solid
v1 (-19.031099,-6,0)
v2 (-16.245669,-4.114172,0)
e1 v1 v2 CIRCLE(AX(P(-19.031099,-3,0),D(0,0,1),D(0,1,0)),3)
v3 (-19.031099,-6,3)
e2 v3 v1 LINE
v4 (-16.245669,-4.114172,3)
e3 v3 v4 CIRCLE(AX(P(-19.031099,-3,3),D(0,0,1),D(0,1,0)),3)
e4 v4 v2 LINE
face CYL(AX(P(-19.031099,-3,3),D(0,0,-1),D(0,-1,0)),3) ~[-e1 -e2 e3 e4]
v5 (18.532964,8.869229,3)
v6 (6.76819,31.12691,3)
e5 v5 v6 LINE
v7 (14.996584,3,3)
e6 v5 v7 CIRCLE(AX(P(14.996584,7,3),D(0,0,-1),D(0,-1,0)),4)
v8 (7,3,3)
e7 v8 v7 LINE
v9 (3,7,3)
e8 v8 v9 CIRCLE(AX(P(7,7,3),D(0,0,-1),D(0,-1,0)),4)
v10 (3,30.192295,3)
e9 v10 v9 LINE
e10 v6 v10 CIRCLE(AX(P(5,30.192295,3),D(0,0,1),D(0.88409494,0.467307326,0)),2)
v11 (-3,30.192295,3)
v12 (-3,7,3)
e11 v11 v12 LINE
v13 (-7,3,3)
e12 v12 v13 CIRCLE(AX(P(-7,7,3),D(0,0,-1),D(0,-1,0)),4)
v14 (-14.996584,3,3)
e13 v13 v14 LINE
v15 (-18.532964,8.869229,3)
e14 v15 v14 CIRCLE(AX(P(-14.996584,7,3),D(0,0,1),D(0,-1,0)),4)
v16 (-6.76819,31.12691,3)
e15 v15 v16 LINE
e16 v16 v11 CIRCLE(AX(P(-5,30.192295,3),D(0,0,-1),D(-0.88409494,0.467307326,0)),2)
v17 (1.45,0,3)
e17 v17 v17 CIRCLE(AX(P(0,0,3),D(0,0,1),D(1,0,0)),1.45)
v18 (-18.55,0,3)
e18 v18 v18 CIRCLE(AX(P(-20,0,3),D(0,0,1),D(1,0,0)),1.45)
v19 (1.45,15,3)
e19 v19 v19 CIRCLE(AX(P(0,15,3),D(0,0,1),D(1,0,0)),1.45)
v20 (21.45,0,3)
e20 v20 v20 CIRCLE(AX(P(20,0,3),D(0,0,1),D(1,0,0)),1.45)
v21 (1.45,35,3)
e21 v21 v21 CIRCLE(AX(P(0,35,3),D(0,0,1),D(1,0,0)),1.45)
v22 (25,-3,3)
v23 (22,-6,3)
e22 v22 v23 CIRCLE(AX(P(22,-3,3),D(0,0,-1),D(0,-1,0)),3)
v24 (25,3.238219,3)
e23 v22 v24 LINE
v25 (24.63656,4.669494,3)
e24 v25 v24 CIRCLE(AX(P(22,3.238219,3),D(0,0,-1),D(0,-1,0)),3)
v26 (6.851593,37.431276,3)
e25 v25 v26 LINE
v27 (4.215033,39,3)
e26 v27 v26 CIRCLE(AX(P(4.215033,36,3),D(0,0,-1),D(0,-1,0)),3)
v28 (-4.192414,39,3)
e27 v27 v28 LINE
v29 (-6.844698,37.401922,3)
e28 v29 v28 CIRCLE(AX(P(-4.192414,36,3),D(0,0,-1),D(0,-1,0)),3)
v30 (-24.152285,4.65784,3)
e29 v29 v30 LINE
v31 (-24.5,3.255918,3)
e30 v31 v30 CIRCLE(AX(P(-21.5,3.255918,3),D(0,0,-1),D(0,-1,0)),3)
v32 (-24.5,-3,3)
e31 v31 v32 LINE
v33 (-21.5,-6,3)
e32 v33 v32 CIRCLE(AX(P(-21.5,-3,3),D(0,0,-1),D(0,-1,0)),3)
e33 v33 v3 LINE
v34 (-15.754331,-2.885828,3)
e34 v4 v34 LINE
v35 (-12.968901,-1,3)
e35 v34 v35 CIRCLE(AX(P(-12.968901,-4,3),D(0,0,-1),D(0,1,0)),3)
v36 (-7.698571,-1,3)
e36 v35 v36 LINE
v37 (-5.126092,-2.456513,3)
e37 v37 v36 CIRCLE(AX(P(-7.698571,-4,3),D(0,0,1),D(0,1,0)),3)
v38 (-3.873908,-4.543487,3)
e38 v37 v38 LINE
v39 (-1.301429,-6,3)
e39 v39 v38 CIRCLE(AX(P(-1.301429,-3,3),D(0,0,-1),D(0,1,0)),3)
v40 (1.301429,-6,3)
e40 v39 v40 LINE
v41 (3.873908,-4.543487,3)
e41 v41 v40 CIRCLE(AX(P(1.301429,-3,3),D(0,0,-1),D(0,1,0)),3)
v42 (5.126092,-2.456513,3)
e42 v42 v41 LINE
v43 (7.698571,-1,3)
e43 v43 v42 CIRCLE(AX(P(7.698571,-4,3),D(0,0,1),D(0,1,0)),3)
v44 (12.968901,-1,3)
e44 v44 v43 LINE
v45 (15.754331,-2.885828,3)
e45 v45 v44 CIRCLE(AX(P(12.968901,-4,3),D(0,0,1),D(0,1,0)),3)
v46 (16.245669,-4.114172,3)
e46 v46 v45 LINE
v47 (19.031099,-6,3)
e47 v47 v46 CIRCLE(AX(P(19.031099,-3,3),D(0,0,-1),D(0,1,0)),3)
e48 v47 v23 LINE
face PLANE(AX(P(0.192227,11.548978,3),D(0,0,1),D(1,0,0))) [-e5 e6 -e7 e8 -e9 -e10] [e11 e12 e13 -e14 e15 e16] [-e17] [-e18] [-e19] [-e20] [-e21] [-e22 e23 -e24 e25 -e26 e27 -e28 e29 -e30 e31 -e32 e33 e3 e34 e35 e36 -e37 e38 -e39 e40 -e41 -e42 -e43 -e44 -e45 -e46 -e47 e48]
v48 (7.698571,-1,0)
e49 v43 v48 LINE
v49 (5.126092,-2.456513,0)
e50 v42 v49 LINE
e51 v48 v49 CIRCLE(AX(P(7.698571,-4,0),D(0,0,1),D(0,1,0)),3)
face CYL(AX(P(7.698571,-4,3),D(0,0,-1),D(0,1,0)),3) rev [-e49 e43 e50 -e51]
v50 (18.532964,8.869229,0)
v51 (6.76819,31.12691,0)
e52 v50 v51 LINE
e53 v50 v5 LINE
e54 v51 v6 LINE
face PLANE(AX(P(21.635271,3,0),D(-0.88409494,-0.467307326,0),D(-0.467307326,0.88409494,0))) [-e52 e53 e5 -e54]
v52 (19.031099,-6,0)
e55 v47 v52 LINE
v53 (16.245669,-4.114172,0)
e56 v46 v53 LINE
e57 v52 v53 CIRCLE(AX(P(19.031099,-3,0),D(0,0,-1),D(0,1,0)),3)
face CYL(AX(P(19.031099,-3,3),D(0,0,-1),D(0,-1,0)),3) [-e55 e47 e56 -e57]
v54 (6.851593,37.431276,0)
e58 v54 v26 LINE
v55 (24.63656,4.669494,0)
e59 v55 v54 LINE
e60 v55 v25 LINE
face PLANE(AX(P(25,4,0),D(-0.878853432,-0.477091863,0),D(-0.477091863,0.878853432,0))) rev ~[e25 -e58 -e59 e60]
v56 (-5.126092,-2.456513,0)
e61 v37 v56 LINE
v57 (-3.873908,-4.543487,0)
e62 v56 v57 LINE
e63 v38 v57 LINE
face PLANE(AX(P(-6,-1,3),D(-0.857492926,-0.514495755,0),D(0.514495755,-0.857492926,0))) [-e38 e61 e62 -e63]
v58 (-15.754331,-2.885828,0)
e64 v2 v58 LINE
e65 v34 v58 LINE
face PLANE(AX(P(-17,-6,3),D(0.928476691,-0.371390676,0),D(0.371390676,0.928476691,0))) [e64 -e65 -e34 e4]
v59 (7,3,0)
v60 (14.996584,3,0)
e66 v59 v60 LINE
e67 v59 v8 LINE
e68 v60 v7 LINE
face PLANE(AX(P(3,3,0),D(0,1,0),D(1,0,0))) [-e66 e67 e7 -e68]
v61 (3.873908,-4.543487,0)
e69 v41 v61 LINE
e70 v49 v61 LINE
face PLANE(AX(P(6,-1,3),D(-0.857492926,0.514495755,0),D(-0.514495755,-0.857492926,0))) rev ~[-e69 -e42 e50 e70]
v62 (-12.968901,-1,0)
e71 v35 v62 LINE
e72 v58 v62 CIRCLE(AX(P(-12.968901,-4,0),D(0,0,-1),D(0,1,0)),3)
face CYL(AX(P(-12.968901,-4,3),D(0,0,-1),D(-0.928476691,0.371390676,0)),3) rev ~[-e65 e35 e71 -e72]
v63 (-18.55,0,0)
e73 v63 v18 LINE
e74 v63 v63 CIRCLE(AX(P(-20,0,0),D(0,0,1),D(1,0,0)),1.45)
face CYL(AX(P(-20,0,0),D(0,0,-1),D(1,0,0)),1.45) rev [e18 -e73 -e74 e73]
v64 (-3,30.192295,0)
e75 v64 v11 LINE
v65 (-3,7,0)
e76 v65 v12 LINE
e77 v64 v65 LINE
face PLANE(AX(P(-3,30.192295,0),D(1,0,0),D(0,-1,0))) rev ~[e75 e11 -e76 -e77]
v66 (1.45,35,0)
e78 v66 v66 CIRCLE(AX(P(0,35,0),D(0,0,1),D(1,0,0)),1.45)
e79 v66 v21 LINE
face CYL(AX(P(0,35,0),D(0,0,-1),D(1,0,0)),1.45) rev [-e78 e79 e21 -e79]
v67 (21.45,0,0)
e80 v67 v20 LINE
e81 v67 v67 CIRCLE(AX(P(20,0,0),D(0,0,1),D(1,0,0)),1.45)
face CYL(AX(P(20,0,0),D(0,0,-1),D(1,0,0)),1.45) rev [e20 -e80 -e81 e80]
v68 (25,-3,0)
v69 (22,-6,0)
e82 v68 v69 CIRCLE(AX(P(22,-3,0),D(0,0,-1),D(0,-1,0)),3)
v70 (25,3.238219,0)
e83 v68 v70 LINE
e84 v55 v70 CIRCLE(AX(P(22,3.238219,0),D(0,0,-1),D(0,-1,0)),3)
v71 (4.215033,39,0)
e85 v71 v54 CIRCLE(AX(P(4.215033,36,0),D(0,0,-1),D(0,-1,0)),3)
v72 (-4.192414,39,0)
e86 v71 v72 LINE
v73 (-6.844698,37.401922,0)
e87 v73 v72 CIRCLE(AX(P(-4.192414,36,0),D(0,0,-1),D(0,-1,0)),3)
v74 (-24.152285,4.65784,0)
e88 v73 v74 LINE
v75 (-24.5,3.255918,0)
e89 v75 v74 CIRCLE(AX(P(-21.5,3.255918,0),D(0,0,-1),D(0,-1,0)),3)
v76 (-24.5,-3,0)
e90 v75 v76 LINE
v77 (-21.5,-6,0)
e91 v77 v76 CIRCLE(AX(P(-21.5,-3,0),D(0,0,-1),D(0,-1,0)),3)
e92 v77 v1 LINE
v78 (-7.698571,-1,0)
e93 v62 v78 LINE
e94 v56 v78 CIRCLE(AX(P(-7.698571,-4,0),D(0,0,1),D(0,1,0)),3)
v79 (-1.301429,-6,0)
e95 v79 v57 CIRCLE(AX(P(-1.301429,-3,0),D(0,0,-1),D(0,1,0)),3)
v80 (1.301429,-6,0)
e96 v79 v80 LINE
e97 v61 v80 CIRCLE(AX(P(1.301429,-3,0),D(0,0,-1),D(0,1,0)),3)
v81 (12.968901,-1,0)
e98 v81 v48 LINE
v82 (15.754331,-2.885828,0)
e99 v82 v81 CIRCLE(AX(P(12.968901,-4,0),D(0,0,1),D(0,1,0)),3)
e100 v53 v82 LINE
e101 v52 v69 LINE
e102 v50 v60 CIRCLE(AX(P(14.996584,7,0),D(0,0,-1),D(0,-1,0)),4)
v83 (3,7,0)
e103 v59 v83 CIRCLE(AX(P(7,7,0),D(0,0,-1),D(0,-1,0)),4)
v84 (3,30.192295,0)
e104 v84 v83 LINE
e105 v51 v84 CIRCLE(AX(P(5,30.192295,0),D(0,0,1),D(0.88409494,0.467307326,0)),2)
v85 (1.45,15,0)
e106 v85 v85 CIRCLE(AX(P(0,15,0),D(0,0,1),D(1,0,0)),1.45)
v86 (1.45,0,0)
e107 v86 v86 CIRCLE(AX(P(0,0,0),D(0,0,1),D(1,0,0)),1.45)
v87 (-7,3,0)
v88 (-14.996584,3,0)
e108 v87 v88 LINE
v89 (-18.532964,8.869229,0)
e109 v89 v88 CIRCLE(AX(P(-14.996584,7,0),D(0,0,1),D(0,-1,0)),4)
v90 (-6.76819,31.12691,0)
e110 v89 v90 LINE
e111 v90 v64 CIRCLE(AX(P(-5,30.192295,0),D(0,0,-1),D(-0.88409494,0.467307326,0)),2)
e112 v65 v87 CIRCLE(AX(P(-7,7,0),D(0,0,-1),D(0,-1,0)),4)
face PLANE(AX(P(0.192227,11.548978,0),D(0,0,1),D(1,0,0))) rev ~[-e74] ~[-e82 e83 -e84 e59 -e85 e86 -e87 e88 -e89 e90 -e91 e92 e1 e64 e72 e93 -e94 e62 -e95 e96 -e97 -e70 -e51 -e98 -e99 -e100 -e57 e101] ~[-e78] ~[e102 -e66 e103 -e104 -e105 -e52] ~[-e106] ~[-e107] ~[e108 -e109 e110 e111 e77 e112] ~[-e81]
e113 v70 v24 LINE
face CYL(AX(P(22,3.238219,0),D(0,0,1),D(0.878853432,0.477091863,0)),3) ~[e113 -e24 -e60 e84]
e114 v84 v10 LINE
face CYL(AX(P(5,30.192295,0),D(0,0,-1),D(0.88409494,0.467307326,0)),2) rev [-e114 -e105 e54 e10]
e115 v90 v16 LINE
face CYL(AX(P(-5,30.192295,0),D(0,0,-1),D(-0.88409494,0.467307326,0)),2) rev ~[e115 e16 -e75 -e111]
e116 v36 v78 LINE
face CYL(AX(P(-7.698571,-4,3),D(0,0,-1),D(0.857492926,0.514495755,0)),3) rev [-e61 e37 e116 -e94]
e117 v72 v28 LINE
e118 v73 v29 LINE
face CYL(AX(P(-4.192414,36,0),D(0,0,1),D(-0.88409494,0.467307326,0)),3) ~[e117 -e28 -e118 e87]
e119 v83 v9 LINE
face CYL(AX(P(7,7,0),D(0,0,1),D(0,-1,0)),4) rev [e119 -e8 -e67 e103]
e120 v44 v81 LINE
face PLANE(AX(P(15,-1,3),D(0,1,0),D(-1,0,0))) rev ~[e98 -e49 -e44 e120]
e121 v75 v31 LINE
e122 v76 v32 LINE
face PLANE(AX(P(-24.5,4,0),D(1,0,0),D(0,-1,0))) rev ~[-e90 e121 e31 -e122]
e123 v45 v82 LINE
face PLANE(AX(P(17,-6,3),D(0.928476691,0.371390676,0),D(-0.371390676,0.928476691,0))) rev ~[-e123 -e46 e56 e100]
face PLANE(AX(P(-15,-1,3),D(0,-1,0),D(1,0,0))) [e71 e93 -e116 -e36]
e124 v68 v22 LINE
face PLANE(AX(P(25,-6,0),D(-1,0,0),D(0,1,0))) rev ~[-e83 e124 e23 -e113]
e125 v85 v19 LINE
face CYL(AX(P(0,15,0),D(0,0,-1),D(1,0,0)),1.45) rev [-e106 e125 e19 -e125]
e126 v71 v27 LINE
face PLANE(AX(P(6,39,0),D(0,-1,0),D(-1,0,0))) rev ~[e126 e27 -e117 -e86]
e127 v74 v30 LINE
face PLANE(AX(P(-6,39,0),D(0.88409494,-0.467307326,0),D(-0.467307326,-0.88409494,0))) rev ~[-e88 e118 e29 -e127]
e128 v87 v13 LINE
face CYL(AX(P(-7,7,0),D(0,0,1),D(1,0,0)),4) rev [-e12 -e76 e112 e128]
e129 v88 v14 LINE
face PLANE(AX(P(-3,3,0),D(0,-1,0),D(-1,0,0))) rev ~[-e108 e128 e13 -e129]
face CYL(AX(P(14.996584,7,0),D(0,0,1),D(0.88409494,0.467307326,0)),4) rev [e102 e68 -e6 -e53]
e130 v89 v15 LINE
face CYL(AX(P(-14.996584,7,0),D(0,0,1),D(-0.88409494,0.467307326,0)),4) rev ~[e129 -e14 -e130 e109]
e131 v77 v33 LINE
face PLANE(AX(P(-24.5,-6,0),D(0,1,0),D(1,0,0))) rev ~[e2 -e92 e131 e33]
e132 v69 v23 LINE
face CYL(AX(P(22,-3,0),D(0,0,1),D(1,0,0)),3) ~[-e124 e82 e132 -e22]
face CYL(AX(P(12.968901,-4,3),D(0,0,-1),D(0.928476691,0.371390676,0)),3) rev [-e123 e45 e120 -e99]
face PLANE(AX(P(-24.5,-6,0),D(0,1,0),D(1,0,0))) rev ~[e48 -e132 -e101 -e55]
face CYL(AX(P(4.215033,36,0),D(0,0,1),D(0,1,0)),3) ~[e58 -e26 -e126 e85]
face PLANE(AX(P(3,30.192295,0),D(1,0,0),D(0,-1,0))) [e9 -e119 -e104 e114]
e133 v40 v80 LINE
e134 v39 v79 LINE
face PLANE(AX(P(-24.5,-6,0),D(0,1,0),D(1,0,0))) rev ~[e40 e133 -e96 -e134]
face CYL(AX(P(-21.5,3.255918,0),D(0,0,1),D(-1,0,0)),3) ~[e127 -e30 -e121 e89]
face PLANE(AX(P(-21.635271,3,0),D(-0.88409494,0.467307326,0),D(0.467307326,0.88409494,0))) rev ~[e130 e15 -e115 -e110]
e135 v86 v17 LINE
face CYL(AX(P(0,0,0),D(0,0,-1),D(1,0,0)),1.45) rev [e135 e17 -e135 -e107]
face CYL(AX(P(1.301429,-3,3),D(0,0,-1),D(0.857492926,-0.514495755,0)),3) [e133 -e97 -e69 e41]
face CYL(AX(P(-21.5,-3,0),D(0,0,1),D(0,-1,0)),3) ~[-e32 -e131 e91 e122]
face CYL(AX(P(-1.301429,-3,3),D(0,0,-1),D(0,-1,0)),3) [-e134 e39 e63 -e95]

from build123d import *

# Parameters (mm, degrees)
SKETCH_1_R          = 1.45
EXTRUDE_1_DEPTH     = 3
CUT_EXTRUDE_1_DEPTH = 3
FILLET_1_R          = 3
FILLET_2_R          = 4


with BuildPart() as part:
    # 草图1 → 凸台-拉伸1 (new body)
    with BuildSketch(Plane.XY):
        Polygon((-24.5, -6), (25, -6), (25, 4), (6, 39), (-6, 39), (-24.5, 4), align=None)
        with Locations((-20, 0)):
            Circle(SKETCH_1_R, mode=Mode.SUBTRACT)
        with Locations((20, 0)):
            Circle(SKETCH_1_R, mode=Mode.SUBTRACT)
        with Locations((0, 35)):
            Circle(SKETCH_1_R, mode=Mode.SUBTRACT)
        with Locations((0, 15)):
            Circle(SKETCH_1_R, mode=Mode.SUBTRACT)
        Circle(SKETCH_1_R, mode=Mode.SUBTRACT)
        with BuildLine():
            Line((-3, 30.192295018), (-3, 3))
            Line((-3, 3), (-21.635270706, 3))
            Line((-21.635270706, 3), (-6.768189881, 31.126909669))
            ThreePointArc((-6.768189881, 31.126909669), (-4.518533366, 32.133477616), (-3, 30.192295018))
        make_face(mode=Mode.SUBTRACT)
        with BuildLine():
            Line((21.635270706, 3), (6.768189881, 31.126909669))
            ThreePointArc((6.768189881, 31.126909669), (4.518533366, 32.133477616), (3, 30.192295018))
            Line((3, 30.192295018), (3, 3))
            Line((3, 3), (21.635270706, 3))
        make_face(mode=Mode.SUBTRACT)
    extrude(amount=EXTRUDE_1_DEPTH)

    # 草图3 → 切除-拉伸1 (cut)
    with BuildSketch(Plane.XY.offset(3)):
        Polygon((-17, -6), (-15, -1), (-6, -1), (-3, -6), align=None)
        Polygon((3, -6), (17, -6), (15, -1), (6, -1), align=None)
    extrude(amount=-CUT_EXTRUDE_1_DEPTH, mode=Mode.SUBTRACT)

    # 圆角1
    fillet_1_edges = [part.edges().sort_by_distance(p)[0] for p in [
        (-24.5, 4, 1.5),
        (-6, 39, 1.5),
        (6, 39, 1.5),
        (25, 4, 1.5),
        (25, -6, 1.5),
        (-24.5, -6, 1.5),
        (-3, -6, 1.5),
        (-17, -6, 1.5),
        (-15, -1, 1.5),
        (-6, -1, 1.5),
        (3, -6, 1.5),
        (6, -1, 1.5),
        (15, -1, 1.5),
        (17, -6, 1.5),
    ]]
    fillet(fillet_1_edges, radius=FILLET_1_R)

    # 圆角2
    fillet_2_edges = [part.edges().sort_by_distance(p)[0] for p in [
        (-21.635270706, 3, 1.5),
        (-3, 3, 1.5),
        (3, 3, 1.5),
        (21.635270706, 3, 1.5),
    ]]
    fillet(fillet_2_edges, radius=FILLET_2_R)


solid = part.part
